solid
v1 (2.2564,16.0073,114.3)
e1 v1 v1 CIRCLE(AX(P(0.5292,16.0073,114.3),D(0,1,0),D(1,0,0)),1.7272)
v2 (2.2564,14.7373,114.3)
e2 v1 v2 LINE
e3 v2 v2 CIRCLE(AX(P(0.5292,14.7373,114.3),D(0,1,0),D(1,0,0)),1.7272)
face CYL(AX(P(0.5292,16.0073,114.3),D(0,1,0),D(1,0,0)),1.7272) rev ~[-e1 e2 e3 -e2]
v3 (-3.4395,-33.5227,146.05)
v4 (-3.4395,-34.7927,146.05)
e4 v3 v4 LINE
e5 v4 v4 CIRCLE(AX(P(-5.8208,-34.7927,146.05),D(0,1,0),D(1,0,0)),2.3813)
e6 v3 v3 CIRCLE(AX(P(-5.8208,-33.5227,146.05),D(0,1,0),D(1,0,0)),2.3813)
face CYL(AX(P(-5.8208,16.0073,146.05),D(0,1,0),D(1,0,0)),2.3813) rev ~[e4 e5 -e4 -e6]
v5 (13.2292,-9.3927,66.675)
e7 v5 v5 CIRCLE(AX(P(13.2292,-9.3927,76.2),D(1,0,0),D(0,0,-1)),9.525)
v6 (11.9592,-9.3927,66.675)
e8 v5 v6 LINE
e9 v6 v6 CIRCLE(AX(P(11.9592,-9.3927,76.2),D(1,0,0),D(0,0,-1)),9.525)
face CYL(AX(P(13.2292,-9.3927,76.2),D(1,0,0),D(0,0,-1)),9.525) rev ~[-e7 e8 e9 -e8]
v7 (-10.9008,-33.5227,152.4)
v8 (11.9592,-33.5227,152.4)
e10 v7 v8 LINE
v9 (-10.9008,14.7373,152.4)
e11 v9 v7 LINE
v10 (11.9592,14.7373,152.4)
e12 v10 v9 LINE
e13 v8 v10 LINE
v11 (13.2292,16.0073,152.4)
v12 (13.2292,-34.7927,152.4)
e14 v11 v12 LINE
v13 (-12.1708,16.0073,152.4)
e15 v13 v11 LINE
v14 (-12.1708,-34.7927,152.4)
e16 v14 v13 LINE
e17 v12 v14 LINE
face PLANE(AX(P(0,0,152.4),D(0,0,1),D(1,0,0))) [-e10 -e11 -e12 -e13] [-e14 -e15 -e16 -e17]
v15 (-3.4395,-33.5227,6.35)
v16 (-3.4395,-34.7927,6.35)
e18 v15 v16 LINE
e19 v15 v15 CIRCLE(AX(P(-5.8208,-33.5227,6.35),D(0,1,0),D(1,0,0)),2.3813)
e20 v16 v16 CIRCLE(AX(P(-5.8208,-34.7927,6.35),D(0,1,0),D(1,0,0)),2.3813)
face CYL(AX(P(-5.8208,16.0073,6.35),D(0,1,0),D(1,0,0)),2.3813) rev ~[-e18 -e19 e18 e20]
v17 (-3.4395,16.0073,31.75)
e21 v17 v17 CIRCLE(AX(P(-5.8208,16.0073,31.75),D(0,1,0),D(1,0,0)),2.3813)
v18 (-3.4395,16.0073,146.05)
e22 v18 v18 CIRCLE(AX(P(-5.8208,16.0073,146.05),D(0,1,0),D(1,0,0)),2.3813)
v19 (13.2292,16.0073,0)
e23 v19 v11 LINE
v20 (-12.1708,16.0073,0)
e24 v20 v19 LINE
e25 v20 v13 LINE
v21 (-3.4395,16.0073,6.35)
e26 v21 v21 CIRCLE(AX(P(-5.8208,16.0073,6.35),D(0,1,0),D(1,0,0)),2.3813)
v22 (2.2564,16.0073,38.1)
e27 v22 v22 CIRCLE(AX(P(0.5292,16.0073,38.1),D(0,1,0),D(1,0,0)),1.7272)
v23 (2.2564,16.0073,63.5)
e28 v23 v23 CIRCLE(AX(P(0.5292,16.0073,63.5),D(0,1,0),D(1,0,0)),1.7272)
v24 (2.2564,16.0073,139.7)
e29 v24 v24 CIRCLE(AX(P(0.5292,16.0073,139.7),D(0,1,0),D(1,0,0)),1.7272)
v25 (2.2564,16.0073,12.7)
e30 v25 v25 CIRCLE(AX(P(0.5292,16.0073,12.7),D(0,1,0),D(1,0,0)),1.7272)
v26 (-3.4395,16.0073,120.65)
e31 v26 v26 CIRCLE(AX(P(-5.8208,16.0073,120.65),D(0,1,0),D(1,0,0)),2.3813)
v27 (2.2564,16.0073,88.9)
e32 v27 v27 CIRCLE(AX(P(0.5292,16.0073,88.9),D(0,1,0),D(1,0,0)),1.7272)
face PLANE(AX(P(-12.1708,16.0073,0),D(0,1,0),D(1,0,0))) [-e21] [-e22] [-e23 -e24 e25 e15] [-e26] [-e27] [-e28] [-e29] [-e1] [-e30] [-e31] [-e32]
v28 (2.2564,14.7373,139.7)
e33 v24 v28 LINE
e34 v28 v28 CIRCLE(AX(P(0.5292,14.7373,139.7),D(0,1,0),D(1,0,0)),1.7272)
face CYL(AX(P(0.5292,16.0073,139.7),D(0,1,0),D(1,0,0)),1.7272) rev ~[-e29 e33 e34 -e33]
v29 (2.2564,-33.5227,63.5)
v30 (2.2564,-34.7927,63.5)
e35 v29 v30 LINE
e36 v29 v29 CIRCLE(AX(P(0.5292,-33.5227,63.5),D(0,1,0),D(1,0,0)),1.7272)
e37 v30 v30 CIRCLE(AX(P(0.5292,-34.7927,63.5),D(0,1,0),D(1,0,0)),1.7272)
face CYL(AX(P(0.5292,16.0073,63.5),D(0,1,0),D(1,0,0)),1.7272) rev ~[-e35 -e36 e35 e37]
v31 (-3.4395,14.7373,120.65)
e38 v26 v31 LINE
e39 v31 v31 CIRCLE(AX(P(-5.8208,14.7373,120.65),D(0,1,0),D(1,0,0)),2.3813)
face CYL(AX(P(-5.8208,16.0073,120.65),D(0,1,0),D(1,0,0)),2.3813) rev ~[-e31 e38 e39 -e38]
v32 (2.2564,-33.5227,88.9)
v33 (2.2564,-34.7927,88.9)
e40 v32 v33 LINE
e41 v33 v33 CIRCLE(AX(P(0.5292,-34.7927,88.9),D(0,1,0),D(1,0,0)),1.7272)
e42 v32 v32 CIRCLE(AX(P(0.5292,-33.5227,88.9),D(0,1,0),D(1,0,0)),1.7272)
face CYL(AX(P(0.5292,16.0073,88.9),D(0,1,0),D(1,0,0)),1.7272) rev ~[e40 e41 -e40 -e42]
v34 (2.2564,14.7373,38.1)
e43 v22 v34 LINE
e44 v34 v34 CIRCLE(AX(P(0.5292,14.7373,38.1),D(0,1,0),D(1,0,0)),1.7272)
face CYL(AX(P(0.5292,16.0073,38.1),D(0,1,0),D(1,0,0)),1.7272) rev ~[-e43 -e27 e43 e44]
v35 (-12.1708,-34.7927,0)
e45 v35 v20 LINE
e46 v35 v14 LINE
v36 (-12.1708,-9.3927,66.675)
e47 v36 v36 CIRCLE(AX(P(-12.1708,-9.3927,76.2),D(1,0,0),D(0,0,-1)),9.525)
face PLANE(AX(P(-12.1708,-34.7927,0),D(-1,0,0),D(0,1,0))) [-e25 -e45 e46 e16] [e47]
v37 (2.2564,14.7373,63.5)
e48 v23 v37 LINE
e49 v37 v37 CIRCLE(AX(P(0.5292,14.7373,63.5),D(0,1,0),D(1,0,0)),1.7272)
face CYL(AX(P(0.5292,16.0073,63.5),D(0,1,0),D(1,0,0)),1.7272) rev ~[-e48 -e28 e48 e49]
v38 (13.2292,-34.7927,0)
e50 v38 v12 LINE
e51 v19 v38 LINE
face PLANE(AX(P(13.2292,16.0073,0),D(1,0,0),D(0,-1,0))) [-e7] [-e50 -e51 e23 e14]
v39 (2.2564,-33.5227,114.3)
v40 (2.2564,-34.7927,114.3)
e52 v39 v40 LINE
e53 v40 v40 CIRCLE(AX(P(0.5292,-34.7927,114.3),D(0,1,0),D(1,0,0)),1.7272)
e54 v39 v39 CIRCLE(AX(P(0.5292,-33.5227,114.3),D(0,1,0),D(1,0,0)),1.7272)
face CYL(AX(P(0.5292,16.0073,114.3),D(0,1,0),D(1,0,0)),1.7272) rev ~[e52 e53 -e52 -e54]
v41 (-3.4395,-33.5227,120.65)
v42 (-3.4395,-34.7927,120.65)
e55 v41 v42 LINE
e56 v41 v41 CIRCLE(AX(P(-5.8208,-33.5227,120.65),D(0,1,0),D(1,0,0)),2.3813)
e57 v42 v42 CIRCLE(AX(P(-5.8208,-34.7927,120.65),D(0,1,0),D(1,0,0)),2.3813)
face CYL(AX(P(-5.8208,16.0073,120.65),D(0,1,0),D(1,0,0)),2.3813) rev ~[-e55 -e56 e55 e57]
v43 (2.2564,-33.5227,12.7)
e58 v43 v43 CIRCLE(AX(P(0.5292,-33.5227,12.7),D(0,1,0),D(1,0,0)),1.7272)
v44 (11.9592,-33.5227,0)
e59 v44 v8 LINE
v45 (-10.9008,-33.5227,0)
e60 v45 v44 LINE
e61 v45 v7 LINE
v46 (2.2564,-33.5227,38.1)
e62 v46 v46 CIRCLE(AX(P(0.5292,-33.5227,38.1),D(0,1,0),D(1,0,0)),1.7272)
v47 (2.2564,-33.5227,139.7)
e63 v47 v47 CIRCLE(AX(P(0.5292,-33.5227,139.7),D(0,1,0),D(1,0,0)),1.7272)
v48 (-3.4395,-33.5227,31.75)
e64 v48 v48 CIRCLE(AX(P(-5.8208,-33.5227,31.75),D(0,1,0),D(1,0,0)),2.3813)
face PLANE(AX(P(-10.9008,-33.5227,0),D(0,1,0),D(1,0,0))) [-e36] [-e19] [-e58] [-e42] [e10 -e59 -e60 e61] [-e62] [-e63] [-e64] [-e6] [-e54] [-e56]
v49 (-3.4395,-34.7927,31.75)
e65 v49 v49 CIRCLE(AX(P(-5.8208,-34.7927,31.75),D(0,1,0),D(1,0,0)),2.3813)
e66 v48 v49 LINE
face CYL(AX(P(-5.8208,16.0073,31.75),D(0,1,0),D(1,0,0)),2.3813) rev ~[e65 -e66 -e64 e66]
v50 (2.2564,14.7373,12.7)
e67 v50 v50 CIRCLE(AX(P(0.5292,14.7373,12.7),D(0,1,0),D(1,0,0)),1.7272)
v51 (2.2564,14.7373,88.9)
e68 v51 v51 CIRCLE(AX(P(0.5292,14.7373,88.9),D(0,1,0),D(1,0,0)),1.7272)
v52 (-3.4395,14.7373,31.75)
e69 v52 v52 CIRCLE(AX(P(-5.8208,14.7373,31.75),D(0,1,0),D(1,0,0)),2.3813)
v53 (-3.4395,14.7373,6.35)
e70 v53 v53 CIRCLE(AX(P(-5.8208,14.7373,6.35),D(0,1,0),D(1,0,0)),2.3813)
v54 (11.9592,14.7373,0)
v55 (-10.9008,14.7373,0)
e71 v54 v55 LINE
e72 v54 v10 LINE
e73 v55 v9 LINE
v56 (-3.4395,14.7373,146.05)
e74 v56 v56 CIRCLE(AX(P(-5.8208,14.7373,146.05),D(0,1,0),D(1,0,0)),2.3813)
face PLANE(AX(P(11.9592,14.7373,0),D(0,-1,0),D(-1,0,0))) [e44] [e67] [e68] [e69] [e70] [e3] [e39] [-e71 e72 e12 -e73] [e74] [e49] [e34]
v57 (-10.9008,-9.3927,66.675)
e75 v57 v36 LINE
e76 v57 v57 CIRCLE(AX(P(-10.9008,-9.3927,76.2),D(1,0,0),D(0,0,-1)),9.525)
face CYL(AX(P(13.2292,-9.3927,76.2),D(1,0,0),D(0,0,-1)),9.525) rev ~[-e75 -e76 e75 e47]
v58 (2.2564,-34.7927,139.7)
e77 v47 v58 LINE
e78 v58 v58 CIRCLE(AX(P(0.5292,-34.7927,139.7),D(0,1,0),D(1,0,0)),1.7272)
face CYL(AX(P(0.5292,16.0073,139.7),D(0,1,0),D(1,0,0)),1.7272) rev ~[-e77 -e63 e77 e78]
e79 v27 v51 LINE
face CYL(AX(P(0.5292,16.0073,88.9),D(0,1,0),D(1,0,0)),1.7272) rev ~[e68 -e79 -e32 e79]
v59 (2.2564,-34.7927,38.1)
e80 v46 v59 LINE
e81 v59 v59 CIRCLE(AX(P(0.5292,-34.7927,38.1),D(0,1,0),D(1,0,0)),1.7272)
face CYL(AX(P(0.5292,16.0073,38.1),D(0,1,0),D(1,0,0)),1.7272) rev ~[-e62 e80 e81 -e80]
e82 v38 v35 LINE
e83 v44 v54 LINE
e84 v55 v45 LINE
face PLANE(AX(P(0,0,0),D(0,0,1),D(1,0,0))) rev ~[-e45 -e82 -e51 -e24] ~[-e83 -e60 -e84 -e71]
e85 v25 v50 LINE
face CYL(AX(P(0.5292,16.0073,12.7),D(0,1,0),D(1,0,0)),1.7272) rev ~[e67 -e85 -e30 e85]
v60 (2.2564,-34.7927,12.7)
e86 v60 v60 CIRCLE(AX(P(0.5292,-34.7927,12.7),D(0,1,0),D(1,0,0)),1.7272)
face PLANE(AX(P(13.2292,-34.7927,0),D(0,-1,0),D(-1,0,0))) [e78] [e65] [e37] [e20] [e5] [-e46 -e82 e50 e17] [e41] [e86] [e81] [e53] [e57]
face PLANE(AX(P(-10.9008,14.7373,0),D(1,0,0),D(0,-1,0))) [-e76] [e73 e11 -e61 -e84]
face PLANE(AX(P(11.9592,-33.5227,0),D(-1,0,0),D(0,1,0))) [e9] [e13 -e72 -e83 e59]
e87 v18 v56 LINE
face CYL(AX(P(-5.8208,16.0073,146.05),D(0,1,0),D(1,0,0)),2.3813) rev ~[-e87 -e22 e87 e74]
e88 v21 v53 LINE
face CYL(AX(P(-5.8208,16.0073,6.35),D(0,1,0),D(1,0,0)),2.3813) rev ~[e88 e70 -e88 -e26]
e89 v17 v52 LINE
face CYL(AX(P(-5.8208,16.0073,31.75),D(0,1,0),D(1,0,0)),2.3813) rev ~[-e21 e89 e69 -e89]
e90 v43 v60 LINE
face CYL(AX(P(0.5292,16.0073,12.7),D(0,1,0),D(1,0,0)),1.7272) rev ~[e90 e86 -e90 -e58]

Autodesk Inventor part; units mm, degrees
ref_plane "YZ Plane" through (0, 0, 0) normal (1, 0, 0) x (0, 1, 0)
ref_plane "XZ Plane" through (0, 0, 0) normal (0, 1, 0) x (-1, 0, 0)
ref_plane "XY Plane" through (0, 0, 0) normal (0, 0, 1) x (1, 0, 0)
sketch "Sketch1" plane through (0, 0, 0) normal (0, 0, 1) x (1, 0, 0)
  line L0 (-12.1708, 16.0073) -> (13.2292, 16.0073)
  line L1 (13.2292, 16.0073) -> (13.2292, -34.7927)
  line L2 (13.2292, -34.7927) -> (-12.1708, -34.7927)
  line L3 (-12.1708, -34.7927) -> (-12.1708, 16.0073)
  line L4 (11.9592, 14.7373) -> (-10.9008, 14.7373)
  line L5 (-10.9008, 14.7373) -> (-10.9008, -33.5227)
  line L6 (-10.9008, -33.5227) -> (11.9592, -33.5227)
  line L7 (11.9592, -33.5227) -> (11.9592, 14.7373)
  point P0 (0, 0)
  dimension "d0" = 25.4
  dimension "d1" = 50.8
  dimension "d2" = 1.27
extrude "Extrusion1" add sketch "Sketch1" along normal blind 152.4
sketch "Sketch2" plane through (-12.1708, 16.0073, 0) normal (0, 1, 0) x (1, 0, 0)
  circle A0 centre (12.7, -12.7) radius 1.7272
  line L0 (25.4, 0) -> (0, 0) projected
  line L1 (0, 0) -> (0, -152.4) projected
  point P0 (12.1708, 0)
  dimension "d5" = 3.4544
  dimension "d6" = 12.7
  dimension "d7" = 12.7
extrude "Extrusion2" cut sketch "Sketch2" against normal through all
pattern_linear "Rectangular Pattern1" count 15 spacing 25.4 along (0, 0, 1) of "Extrusion2"
sketch "Sketch3" plane through (-12.1708, 16.0073, 0) normal (0, 1, 0) x (1, 0, 0)
  circle A0 centre (6.35, -6.35) radius 2.3813
  line L0 (25.4, 0) -> (0, 0) projected
  line L1 (0, 0) -> (0, -152.4) projected
  circle A1 centre (6.35, -146.05) radius 2.3813
  line L2 (25.4, -152.4) -> (0, -152.4) projected
  circle A2 centre (6.35, -120.65) radius 2.3813
  circle A3 centre (6.35, -31.75) radius 2.3813
  point P0 (12.1708, 0)
  dimension "d15" = 6.35
  dimension "d16" = 6.35
  dimension "d17" = 4.7625
  dimension "d18" = 6.35
  dimension "d19" = 6.35
  dimension "d20" = 4.7625
  dimension "d23" = 6.35
  dimension "d24" = 6.35
  dimension "d25" = 25.4
  dimension "d26" = 4.7625
  dimension "d27" = 25.4
  dimension "d28" = 4.7625
extrude "Extrusion3" cut sketch "Sketch3" against normal through all
sketch "Sketch4" plane through (13.2292, -34.7927, 0) normal (1, 0, 0) x (0, 0, -1)
  circle A0 centre (-76.2, 25.4) radius 9.525
  line L0 (0, 0) -> (-152.4, 0) projected
  line L1 (0, 0) -> (0, 50.8) projected
  point P0 (0, 34.7927)
  point P1 (0, 25.4)
  dimension "d29" = 25.4
  dimension "d30" = 76.2
  dimension "d31" = 19.05
extrude "Extrusion4" cut sketch "Sketch4" against normal through all
equation "\"d3\" = d13"
equation "\"d10\" = d14"
equation "\"d13\" = 152.4"
equation "\"d14\" = d13"
properties part number "VersaFrame (arm base)"
